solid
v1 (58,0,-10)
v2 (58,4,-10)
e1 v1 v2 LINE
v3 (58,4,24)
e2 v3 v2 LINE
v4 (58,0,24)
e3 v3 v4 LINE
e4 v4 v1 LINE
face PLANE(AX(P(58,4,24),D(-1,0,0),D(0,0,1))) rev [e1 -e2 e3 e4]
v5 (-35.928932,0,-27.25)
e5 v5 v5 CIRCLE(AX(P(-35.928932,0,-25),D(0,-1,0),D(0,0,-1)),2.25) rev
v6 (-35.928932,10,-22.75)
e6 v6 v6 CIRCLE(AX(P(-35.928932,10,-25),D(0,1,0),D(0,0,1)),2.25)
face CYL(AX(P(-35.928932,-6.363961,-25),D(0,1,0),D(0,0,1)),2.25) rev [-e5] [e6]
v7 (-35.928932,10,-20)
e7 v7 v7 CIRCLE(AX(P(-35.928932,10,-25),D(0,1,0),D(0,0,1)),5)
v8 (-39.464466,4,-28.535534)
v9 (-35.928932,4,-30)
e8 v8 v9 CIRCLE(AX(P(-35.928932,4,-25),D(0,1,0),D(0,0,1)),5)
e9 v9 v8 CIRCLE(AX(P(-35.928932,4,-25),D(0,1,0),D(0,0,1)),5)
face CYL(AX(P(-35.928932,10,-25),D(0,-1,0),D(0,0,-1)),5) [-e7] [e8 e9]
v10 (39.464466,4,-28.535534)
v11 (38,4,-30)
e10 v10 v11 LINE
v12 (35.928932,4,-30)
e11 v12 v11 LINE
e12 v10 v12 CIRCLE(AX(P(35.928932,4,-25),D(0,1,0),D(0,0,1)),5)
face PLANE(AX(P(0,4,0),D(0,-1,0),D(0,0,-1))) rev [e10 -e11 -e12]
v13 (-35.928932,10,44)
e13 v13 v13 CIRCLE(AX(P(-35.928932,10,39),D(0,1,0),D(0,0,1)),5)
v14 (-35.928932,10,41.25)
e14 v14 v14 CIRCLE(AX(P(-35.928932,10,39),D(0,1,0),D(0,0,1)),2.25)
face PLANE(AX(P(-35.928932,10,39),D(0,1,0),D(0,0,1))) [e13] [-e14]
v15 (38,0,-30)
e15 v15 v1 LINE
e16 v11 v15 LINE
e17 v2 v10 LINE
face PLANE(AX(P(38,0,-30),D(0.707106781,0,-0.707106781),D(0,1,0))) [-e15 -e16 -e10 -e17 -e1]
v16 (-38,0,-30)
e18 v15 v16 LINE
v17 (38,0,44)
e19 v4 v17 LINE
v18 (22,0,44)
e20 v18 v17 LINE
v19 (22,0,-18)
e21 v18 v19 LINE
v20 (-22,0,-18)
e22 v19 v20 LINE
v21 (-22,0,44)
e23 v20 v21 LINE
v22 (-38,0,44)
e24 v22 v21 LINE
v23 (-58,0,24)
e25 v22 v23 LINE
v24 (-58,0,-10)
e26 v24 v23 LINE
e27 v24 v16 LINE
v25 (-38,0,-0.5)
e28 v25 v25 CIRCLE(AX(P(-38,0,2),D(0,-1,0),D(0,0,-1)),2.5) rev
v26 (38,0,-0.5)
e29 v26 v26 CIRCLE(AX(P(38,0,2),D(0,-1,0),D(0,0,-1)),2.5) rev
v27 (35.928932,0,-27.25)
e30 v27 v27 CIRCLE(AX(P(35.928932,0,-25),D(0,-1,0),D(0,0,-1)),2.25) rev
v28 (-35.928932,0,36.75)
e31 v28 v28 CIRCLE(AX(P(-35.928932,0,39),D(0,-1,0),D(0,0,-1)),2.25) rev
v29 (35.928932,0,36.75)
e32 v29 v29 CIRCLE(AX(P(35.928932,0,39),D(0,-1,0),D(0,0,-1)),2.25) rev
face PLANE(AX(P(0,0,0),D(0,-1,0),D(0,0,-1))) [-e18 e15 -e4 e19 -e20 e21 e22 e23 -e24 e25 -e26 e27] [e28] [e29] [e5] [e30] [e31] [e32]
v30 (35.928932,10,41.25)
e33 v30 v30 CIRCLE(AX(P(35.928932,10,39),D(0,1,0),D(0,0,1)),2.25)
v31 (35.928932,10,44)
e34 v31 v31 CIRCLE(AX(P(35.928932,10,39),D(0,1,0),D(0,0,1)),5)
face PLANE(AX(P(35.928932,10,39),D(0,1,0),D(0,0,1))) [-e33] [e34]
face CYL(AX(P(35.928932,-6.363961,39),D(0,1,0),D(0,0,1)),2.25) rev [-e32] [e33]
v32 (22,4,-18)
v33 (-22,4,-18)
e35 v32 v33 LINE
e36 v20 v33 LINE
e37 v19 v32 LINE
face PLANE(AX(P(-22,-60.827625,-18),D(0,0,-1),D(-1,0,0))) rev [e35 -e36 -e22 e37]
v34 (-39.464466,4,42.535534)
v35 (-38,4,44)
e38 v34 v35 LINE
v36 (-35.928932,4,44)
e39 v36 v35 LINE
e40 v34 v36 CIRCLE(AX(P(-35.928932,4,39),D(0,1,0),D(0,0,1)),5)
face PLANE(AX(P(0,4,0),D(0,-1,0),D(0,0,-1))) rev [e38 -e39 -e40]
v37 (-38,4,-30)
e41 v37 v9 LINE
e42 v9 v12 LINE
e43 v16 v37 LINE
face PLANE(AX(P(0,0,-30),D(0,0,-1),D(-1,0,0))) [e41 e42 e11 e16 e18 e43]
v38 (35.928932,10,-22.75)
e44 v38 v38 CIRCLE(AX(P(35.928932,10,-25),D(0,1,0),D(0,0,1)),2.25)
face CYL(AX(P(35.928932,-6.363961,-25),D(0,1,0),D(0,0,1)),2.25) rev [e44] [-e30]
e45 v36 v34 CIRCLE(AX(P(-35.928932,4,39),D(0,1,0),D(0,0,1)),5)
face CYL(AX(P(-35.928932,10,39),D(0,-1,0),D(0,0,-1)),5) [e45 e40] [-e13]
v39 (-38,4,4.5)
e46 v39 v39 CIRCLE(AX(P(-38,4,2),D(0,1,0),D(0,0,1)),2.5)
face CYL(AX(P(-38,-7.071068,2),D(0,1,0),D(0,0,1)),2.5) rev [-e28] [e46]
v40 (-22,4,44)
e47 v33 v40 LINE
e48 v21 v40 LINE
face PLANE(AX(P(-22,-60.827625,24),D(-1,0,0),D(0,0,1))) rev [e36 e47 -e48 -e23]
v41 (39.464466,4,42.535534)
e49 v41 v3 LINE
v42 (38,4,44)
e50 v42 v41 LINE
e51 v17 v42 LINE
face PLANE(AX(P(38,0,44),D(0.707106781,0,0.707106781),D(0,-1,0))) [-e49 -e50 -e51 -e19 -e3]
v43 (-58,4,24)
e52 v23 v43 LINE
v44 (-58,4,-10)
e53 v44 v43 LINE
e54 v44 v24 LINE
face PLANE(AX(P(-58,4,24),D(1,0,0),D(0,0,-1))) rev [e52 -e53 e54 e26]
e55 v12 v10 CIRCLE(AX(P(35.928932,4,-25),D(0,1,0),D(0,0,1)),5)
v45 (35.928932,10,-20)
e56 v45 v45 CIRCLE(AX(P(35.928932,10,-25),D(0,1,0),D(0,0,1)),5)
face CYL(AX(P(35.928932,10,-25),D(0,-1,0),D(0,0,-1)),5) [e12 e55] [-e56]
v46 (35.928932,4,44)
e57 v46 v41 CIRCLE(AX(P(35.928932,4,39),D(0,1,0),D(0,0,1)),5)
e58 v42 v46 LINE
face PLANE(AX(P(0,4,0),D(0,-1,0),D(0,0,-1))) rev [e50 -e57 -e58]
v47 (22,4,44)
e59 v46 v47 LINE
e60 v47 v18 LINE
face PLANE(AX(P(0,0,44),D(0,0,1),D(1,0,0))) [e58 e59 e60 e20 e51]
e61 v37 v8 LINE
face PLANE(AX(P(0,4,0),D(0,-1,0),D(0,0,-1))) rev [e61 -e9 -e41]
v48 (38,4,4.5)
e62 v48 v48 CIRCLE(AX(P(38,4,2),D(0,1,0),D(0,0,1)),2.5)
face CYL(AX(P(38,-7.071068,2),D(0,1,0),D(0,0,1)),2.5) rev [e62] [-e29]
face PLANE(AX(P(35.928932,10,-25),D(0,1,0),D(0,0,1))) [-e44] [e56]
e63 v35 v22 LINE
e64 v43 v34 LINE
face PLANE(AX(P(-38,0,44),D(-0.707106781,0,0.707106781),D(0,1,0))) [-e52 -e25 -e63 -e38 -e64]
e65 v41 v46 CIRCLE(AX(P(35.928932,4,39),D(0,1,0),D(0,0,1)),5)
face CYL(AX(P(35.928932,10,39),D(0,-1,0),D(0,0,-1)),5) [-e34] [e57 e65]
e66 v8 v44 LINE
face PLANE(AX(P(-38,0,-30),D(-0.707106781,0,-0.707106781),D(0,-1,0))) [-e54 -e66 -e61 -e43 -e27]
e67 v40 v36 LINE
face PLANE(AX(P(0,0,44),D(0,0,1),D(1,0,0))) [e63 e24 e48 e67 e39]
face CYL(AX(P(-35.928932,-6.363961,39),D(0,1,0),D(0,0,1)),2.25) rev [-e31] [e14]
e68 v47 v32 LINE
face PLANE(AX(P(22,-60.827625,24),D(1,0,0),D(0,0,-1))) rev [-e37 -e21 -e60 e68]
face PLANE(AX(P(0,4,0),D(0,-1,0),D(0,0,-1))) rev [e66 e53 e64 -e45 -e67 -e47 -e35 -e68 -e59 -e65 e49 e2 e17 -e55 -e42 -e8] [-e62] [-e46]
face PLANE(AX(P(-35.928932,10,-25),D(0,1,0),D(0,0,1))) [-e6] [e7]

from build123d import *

# Parameters (mm, degrees)
SKETCH1_W           = 116
SKETCH1_H           = 48
BOSS_EXTRUDE1_DEPTH = 4
SKETCH2_R           = 2.5
CUT_EXTRUDE1_DEPTH  = 4
SKETCH3_W           = 44
SKETCH3_H           = 42
CUT_EXTRUDE2_DEPTH  = 4
SKETCH4_W           = 36
SKETCH4_H           = 4
BOSS_EXTRUDE2_DEPTH = 20
SKETCH5_W           = 116
SKETCH5_H           = 4
BOSS_EXTRUDE3_DEPTH = 6
CHAMFER1_SIZE       = 20
SKETCH6_R           = 5
BOSS_EXTRUDE4_DEPTH = 6
SKETCH7_R           = 2.25
CUT_EXTRUDE3_DEPTH  = 10


with BuildPart() as part:
    # Sketch1 → Boss-Extrude1 (new body)
    with BuildSketch(Plane(origin=(0, 0, 0), x_dir=(1, 0, 0), z_dir=(0, 1, 0))):
        Rectangle(SKETCH1_W, SKETCH1_H)
    extrude(amount=BOSS_EXTRUDE1_DEPTH)

    # Sketch2 → Cut-Extrude1 (cut)
    with BuildSketch(Plane(origin=(0, 4, 0), x_dir=(1, 0, 0), z_dir=(0, 1, 0))):
        with Locations(Location((-38, -2, 0), (0, 0, 270))):
            Circle(SKETCH2_R)
        with Locations(Location((38, -2, 0), (0, 0, 270))):
            Circle(SKETCH2_R)
    extrude(amount=-CUT_EXTRUDE1_DEPTH, mode=Mode.SUBTRACT)

    # Sketch3 → Cut-Extrude2 (cut)
    with BuildSketch(Plane(origin=(0, 4, 0), x_dir=(1, 0, 0), z_dir=(0, 1, 0))):
        with Locations((0, -3)):
            Rectangle(SKETCH3_W, SKETCH3_H)
    extrude(amount=-CUT_EXTRUDE2_DEPTH, mode=Mode.SUBTRACT)

    # Sketch4 → Boss-Extrude2 (add)
    with BuildSketch(Plane.XY.offset(24)):
        with Locations((-40, 2)):
            Rectangle(SKETCH4_W, SKETCH4_H)
        with Locations((40, 2)):
            Rectangle(SKETCH4_W, SKETCH4_H)
    extrude(amount=BOSS_EXTRUDE2_DEPTH)

    # Sketch5 → Boss-Extrude3 (add)
    with BuildSketch(Plane(origin=(0, 0, -24), x_dir=(-1, 0, 0), z_dir=(0, 0, -1))):
        with Locations((0, 2)):
            Rectangle(SKETCH5_W, SKETCH5_H)
    extrude(amount=BOSS_EXTRUDE3_DEPTH)

    # Chamfer1
    chamfer1_edges = [part.edges().sort_by_distance(p)[0] for p in [
        (-58, 2, 44),
        (58, 2, 44),
        (58, 2, -30),
        (-58, 2, -30),
    ]]
    chamfer(chamfer1_edges, length=CHAMFER1_SIZE)

    # Sketch6 → Boss-Extrude4 (add)
    with BuildSketch(Plane(origin=(0, 4, 0), x_dir=(1, 0, 0), z_dir=(0, 1, 0))):
        with Locations(Location((-35.928932188, 25, 0), (0, 0, 90))):
            Circle(SKETCH6_R)
        with Locations(Location((35.928932188, 25, 0), (0, 0, 90))):
            Circle(SKETCH6_R)
        with Locations(Location((35.928932188, -39, 0), (0, 0, 270))):
            Circle(SKETCH6_R)
        with Locations(Location((-35.928932188, -39, 0), (0, 0, 270))):
            Circle(SKETCH6_R)
    extrude(amount=BOSS_EXTRUDE4_DEPTH)

    # Sketch7 → Cut-Extrude3 (cut)
    with BuildSketch(Plane(origin=(0, 10, 0), x_dir=(1, 0, 0), z_dir=(0, 1, 0))):
        with Locations(Location((-35.928932188, 25, 0), (0, 0, 270))):
            Circle(SKETCH7_R)
        with Locations(Location((35.928932188, 25, 0), (0, 0, 270))):
            Circle(SKETCH7_R)
        with Locations(Location((35.928932188, -39, 0), (0, 0, 270))):
            Circle(SKETCH7_R)
        with Locations(Location((-35.928932188, -39, 0), (0, 0, 270))):
            Circle(SKETCH7_R)
    extrude(amount=-CUT_EXTRUDE3_DEPTH, mode=Mode.SUBTRACT)


solid = part.part
